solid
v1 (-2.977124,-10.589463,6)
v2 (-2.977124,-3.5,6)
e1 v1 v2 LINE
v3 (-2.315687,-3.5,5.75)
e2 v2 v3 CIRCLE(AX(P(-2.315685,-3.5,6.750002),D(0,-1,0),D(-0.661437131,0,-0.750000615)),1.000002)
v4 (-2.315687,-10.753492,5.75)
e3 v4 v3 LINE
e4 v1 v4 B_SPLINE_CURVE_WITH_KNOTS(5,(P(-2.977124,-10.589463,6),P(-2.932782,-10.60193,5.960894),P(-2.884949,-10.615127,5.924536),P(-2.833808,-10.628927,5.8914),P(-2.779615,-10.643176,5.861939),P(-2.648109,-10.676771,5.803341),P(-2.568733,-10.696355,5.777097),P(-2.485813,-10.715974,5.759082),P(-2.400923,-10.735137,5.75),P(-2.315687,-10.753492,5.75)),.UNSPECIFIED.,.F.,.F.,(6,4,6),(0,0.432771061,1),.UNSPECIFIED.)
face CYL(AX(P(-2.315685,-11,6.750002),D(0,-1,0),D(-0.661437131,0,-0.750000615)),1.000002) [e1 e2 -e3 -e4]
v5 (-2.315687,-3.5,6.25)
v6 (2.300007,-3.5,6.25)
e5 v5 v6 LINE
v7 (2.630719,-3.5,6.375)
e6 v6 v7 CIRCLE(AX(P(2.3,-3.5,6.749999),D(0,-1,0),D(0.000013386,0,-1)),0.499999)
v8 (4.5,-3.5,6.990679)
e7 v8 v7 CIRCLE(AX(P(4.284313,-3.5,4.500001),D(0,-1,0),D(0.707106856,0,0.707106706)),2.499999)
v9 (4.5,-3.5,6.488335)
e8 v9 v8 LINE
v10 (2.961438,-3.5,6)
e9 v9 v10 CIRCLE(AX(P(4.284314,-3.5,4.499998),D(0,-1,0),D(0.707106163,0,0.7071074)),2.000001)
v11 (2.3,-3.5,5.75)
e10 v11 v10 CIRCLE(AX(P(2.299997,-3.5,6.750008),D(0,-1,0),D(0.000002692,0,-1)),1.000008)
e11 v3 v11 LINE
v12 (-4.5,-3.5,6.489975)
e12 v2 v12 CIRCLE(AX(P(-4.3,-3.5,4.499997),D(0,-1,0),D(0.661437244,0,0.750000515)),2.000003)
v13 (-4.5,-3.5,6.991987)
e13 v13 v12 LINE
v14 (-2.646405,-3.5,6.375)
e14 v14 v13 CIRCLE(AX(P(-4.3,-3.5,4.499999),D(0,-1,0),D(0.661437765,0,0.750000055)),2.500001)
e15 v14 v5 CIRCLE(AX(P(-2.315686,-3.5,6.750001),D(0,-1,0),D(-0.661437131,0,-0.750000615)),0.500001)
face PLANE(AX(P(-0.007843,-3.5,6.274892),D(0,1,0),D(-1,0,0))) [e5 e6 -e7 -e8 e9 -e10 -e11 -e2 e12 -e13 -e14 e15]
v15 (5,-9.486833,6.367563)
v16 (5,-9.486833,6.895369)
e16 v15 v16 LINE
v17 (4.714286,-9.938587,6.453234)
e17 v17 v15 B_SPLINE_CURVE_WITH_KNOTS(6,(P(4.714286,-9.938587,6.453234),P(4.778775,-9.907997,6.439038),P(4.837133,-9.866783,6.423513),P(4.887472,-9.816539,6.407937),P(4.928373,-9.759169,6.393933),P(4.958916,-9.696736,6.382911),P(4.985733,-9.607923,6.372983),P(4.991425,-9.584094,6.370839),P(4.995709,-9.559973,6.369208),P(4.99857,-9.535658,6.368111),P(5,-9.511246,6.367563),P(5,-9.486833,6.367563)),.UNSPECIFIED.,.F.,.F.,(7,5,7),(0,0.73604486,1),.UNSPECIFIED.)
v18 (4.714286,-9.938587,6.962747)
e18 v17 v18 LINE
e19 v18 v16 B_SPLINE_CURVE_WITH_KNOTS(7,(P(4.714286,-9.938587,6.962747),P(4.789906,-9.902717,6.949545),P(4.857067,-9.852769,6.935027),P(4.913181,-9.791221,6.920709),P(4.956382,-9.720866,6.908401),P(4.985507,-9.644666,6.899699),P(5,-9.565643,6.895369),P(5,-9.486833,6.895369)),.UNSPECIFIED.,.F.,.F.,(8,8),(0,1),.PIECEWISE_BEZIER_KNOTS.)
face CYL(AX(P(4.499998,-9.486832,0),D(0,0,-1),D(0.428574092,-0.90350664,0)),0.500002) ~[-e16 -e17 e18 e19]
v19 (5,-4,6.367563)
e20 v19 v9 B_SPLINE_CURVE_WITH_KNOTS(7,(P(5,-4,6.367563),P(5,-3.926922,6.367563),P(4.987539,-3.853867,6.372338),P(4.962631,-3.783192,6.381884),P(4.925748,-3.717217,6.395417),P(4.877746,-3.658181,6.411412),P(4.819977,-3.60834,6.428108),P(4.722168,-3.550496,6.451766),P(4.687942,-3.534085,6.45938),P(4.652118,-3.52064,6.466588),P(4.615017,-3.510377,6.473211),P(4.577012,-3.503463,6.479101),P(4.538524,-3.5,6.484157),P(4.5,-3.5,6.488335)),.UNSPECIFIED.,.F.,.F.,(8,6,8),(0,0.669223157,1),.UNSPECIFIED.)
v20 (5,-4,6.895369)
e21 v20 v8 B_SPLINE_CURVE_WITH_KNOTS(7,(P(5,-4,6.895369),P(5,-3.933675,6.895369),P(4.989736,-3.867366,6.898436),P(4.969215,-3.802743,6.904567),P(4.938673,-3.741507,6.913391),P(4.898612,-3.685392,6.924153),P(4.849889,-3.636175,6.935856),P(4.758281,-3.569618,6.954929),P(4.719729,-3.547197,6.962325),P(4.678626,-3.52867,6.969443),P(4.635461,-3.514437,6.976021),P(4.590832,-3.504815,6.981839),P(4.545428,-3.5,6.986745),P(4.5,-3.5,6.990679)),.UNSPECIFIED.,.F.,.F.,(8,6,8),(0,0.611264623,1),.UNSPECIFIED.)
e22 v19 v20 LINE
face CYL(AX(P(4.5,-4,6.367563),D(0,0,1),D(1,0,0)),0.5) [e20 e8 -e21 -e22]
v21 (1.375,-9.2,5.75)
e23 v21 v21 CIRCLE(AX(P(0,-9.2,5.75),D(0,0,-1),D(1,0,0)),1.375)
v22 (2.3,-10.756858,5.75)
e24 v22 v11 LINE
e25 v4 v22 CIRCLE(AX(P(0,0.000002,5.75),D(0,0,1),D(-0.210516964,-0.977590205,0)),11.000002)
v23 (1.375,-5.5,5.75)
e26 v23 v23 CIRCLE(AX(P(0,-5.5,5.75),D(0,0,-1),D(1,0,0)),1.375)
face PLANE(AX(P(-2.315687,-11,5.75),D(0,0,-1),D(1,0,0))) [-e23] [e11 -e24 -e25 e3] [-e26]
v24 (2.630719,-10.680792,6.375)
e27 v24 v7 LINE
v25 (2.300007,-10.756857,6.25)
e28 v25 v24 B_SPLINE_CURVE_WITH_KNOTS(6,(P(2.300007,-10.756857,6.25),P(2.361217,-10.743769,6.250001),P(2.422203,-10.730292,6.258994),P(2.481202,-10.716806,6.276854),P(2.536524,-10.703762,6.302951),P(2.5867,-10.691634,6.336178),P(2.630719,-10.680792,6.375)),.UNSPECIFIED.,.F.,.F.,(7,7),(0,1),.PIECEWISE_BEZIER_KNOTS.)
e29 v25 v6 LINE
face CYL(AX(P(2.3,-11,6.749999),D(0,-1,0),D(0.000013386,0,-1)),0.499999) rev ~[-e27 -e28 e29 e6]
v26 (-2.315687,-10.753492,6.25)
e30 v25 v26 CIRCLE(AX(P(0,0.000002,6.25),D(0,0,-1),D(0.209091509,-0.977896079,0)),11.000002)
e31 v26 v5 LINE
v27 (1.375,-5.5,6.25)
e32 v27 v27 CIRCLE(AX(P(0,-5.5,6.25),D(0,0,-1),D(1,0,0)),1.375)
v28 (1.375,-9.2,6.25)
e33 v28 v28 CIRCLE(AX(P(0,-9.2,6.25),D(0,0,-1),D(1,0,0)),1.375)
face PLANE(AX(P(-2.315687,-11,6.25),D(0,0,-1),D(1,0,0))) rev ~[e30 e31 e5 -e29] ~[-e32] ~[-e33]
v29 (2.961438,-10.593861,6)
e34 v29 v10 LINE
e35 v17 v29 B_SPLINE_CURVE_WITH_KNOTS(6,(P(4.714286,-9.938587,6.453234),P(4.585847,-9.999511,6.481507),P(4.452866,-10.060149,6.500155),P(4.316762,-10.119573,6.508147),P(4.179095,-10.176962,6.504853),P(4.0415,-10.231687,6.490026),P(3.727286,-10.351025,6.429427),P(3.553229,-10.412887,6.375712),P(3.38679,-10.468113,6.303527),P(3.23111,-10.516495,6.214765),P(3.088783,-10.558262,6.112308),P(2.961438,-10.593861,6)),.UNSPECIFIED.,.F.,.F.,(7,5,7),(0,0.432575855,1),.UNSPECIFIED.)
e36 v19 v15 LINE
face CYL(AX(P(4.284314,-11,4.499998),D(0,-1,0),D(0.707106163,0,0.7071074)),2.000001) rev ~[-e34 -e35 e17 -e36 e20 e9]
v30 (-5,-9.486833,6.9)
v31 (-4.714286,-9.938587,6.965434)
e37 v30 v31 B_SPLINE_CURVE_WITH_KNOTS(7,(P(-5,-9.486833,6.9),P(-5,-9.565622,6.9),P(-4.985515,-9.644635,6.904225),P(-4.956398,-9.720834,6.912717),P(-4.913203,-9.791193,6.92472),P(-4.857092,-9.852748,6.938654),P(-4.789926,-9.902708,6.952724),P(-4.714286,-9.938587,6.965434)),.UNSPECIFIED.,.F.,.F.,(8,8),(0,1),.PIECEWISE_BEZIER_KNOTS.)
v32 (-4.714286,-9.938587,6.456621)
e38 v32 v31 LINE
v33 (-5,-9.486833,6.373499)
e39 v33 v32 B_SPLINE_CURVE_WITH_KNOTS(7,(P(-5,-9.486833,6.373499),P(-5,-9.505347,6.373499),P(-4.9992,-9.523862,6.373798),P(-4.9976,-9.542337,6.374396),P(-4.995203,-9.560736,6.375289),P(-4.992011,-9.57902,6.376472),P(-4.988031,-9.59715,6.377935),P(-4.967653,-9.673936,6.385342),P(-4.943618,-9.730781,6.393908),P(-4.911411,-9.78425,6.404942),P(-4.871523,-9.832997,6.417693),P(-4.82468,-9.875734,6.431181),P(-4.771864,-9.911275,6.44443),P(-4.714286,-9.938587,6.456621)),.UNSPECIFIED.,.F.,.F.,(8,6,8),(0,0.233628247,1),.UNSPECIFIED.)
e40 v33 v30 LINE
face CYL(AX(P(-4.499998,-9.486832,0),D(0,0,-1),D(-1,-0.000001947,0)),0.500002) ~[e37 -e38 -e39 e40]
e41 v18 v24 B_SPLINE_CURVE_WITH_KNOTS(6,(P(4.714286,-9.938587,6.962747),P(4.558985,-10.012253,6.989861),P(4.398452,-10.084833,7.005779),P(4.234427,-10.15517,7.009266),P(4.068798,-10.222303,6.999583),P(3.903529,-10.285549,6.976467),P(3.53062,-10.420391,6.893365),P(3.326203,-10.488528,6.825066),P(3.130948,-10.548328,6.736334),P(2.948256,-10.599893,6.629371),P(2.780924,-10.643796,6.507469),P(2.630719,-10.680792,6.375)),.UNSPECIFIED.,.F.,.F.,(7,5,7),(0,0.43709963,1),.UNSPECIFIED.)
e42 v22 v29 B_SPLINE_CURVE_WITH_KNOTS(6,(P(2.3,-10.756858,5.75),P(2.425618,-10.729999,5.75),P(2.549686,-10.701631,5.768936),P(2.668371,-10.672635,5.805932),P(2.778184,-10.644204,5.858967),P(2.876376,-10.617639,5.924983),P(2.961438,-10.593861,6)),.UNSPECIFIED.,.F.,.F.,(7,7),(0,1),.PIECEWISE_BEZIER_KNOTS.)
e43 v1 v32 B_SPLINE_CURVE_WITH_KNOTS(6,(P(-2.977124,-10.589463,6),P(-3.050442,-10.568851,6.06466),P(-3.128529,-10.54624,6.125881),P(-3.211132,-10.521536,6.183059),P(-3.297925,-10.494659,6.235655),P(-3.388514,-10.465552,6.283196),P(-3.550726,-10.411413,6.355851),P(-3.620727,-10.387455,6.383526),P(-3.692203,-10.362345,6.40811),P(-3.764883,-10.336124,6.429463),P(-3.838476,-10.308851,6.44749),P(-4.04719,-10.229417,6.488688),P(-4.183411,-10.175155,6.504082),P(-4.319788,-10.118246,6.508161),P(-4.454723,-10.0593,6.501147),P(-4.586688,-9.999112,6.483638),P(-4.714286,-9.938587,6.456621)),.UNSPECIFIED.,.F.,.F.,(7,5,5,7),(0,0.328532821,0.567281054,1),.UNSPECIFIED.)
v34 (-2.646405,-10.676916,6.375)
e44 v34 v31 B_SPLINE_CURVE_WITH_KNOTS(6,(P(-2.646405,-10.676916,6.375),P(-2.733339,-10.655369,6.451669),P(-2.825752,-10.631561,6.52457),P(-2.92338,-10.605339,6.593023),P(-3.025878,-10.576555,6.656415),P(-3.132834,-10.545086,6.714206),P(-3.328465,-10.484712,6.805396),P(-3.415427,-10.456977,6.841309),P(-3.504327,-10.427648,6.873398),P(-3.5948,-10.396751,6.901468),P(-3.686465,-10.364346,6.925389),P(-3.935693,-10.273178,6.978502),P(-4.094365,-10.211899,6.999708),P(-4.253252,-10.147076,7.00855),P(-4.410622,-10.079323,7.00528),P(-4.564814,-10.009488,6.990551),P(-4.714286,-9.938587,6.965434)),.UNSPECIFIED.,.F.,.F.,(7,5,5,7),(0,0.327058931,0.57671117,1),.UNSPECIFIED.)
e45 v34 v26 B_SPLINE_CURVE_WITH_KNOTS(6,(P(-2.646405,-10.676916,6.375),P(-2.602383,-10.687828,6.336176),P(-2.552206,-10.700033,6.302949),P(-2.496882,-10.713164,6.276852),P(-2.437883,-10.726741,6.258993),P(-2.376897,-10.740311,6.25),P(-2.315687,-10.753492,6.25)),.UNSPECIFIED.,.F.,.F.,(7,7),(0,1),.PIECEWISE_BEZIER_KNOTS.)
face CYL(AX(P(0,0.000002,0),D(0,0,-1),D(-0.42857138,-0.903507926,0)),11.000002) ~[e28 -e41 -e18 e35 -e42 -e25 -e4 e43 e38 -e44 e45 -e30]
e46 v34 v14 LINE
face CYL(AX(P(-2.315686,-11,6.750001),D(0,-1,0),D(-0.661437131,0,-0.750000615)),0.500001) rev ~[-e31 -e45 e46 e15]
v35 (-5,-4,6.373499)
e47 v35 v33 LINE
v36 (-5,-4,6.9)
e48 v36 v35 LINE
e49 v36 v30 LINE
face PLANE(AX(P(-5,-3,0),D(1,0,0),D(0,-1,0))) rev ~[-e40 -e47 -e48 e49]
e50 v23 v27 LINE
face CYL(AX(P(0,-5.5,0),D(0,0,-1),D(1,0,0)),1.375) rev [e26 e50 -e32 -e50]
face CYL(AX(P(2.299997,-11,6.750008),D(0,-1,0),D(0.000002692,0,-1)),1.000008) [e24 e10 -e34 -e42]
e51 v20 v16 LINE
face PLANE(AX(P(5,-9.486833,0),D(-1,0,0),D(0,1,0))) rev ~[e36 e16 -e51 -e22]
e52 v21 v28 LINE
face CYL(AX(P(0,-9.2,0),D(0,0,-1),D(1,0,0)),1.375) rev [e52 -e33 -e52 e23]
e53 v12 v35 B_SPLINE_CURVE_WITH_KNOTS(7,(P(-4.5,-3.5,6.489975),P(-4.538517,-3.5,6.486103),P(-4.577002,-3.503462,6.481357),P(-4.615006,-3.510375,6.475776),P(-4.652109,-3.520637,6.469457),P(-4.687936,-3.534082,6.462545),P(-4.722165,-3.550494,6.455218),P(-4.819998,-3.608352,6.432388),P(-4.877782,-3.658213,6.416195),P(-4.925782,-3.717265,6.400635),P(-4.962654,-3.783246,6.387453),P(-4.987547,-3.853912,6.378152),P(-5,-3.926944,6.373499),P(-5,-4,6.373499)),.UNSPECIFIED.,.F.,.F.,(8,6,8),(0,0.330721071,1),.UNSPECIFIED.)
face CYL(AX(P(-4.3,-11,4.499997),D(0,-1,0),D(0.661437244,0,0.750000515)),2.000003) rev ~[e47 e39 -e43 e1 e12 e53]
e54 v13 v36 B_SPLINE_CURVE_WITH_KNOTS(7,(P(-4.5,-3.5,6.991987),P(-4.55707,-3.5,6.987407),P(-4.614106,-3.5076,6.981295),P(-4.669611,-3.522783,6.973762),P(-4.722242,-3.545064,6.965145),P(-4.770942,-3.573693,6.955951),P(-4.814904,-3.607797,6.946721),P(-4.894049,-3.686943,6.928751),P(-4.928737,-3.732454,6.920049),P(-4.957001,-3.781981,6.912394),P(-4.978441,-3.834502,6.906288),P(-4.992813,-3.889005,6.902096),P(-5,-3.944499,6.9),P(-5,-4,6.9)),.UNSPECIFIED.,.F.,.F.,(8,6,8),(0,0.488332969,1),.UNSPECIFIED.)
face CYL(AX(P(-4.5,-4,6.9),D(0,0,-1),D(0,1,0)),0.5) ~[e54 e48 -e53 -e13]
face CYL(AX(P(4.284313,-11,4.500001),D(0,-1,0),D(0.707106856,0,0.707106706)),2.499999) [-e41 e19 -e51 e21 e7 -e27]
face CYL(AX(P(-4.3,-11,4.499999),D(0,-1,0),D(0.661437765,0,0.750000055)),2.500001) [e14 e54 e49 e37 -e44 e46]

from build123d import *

# Parameters (mm, degrees)
PAD003_DEPTH    = 7.5
SKETCH037_W     = 13.73571
SKETCH037_H     = 11.046402
SKETCH037_R     = 1.375
POCKET020_DEPTH = 8
FILLET001_R     = 0.5


with BuildPart() as part:
    # Sketch036 (on DatumPlane) → Pad003 (new body)
    with BuildSketch(Plane.XZ.offset(11)):
        with BuildLine():
            ThreePointArc((-2.977124, 6), (-4.362654, 6.499018), (-5.714214, 5.914214))
            Line((-6.067767, 6.267767), (-5.714214, 5.914214))
            ThreePointArc((-2.646405, 6.375), (-4.378317, 6.998773), (-6.067767, 6.267767))
            ThreePointArc((-2.646405, 6.375), (-2.492463, 6.282293), (-2.315687, 6.25))
            Line((-2.315687, 6.25), (2.300007, 6.25))
            ThreePointArc((2.300007, 6.25), (2.47678, 6.282294), (2.630719, 6.375))
            ThreePointArc((6.05208, 6.267767), (4.362631, 6.998773), (2.630719, 6.375))
            Line((6.05208, 6.267767), (5.698527, 5.914214))
            ThreePointArc((5.698527, 5.914214), (4.346967, 6.499018), (2.961438, 6))
            ThreePointArc((2.3, 5.75), (2.653553, 5.814586), (2.961438, 6))
            Line((2.3, 5.75), (0, 5.75))
            Line((-2.315687, 5.75), (0, 5.75))
            ThreePointArc((-2.977124, 6), (-2.66924, 5.814586), (-2.315687, 5.75))
        make_face()
    extrude(amount=-PAD003_DEPTH)

    # Sketch037 → Pocket020 (cut)
    with BuildSketch(Plane.XY):
        with Locations((-0.219563, -6.661829)):
            Rectangle(SKETCH037_W, SKETCH037_H)
        with BuildLine():
            ThreePointArc((-4.714286, -9.938587), (0, -11), (4.714286, -9.938587))
            ThreePointArc((4.714286, -9.938587), (4.922577, -9.754094), (5, -9.486833))
            Line((5, -9.486833), (5, -3))
            ThreePointArc((5, -3), (4.853553, -2.646447), (4.5, -2.5))
            Line((4.5, -2.5), (-4.5, -2.5))
            ThreePointArc((-4.5, -2.5), (-4.853553, -2.646447), (-5, -3))
            Line((-5, -3), (-5, -9.486833))
            ThreePointArc((-5, -9.486833), (-4.922577, -9.754094), (-4.714286, -9.938587))
        make_face(mode=Mode.SUBTRACT)
        with Locations((0, -5.5)):
            Circle(SKETCH037_R)
        with Locations((0, -9.2)):
            Circle(SKETCH037_R)
    extrude(amount=POCKET020_DEPTH, mode=Mode.SUBTRACT)

    # Fillet001
    fillet001_edges = [part.edges().sort_by_distance(p)[0] for p in [
        (-5, -3.5, 6.63675),
        (5, -3.5, 6.631466),
    ]]
    fillet(fillet001_edges, radius=FILLET001_R)


solid = part.part
